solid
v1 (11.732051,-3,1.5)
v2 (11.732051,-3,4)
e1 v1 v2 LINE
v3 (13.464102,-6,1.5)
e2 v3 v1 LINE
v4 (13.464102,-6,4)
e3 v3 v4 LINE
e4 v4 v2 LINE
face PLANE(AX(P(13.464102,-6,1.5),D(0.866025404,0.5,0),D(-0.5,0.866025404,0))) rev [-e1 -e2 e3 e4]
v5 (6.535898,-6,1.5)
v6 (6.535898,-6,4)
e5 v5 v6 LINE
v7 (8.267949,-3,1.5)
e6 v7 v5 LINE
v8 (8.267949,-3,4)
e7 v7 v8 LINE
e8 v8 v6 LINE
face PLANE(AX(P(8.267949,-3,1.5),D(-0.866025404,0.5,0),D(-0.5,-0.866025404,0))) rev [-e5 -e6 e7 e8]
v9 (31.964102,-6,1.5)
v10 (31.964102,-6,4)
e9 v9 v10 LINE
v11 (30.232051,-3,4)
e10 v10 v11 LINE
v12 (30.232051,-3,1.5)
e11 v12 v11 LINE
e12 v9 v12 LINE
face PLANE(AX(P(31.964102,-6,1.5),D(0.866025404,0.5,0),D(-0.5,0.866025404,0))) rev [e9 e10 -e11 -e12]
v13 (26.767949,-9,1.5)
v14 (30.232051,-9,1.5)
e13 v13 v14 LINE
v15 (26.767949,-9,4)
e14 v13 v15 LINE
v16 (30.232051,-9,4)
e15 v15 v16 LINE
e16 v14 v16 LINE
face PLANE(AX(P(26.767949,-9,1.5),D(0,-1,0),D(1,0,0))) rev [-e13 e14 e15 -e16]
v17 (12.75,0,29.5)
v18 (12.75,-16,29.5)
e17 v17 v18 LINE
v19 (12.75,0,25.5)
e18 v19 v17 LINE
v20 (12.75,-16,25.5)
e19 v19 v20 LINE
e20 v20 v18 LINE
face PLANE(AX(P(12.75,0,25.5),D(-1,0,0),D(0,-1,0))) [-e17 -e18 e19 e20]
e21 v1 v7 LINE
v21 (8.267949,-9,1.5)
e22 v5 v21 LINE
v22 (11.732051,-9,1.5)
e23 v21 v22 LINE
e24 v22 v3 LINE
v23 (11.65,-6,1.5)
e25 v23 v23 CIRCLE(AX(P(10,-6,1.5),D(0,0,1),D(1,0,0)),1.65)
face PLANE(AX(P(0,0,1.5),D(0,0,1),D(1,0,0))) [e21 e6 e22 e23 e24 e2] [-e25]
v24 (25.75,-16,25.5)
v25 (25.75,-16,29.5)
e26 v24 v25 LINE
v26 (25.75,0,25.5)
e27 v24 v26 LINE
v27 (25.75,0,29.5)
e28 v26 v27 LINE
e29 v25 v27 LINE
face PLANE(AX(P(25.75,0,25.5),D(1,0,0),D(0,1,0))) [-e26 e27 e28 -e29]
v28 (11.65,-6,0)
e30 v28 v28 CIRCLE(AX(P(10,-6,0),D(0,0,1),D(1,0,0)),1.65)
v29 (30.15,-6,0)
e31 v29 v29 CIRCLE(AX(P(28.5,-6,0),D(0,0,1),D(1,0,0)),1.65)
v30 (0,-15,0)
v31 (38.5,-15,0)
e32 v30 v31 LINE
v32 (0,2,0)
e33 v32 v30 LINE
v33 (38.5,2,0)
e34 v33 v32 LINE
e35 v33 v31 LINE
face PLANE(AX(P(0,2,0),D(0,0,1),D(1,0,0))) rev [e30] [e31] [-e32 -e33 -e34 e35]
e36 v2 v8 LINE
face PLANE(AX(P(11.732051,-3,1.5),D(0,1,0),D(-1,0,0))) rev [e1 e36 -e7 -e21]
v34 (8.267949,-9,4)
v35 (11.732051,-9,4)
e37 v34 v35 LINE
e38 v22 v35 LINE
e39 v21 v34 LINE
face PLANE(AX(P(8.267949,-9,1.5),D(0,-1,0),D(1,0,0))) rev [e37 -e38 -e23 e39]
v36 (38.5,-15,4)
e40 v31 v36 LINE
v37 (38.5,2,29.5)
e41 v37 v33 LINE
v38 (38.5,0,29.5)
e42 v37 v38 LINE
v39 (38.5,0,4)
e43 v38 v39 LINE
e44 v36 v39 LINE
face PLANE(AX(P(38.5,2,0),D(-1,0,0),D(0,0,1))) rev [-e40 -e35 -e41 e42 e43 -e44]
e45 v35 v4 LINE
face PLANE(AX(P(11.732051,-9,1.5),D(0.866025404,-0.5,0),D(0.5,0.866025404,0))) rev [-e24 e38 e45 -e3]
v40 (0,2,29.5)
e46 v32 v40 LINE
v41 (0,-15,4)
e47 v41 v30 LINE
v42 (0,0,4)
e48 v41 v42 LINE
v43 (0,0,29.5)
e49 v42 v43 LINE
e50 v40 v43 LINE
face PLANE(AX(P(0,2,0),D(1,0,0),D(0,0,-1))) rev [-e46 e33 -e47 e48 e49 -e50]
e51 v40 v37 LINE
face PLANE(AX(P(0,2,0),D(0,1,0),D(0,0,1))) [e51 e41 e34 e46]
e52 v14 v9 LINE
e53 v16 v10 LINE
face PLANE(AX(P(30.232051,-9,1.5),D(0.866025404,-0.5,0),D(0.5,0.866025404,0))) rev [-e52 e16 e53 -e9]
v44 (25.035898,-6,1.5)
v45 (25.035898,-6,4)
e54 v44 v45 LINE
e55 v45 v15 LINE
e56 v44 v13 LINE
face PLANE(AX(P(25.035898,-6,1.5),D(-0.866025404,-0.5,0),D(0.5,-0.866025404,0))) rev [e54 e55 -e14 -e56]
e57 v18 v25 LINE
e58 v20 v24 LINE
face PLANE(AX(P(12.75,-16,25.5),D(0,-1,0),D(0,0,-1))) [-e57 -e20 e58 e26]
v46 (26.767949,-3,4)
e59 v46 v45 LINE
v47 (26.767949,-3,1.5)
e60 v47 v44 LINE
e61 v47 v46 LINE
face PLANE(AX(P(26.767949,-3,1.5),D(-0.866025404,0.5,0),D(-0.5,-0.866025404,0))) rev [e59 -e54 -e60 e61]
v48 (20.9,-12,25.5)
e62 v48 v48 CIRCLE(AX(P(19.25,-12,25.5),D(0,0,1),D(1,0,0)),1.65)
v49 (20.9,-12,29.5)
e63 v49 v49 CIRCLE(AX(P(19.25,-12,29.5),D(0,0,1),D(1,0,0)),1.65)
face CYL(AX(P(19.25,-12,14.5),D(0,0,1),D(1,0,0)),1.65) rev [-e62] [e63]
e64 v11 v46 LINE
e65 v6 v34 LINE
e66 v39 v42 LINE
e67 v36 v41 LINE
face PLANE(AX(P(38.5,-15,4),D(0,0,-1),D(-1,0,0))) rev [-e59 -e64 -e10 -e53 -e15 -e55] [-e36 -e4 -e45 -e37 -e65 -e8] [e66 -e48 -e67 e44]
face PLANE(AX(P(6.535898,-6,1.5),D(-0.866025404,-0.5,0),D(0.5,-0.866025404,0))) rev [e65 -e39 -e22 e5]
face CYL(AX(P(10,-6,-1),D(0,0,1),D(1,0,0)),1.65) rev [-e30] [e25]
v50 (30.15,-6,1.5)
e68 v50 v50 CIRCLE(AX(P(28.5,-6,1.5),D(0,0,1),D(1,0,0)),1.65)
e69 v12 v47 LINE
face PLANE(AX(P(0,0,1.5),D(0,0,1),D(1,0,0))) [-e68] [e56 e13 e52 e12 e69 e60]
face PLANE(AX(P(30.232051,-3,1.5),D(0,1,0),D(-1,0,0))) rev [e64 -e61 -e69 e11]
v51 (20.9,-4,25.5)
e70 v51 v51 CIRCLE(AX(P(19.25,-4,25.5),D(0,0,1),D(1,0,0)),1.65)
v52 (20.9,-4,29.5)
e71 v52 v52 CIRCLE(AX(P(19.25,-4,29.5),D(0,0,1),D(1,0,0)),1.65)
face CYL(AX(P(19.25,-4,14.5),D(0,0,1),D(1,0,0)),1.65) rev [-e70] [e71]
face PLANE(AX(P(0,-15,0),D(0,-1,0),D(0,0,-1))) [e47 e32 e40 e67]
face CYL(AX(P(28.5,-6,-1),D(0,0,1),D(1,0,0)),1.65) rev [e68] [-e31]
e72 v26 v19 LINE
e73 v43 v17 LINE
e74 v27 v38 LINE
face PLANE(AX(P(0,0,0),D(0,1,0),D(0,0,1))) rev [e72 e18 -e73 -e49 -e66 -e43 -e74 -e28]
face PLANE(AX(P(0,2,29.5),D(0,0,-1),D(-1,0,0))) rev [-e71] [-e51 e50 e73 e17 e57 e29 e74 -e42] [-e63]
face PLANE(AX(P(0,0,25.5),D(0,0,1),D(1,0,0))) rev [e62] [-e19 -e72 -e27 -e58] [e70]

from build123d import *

# Parameters (mm, degrees)
SKETCH1_W           = 38.5
SKETCH1_H           = 29.5
BOSS_EXTRUDE1_DEPTH = 2
SKETCH2_W           = 13
SKETCH2_H           = 16
BOSS_EXTRUDE2_DEPTH = 4
SKETCH3_W           = 38.5
SKETCH3_H           = 4
BOSS_EXTRUDE3_DEPTH = 15
SKETCH4_R           = 1.65
CUT_EXTRUDE1_DEPTH  = 15
CUT_EXTRUDE2_DEPTH  = 2.5
SKETCH6_R           = 1.65
CUT_EXTRUDE3_DEPTH  = 2.5


with BuildPart() as part:
    # Sketch1 → Boss-Extrude1 (new body)
    with BuildSketch(Plane(origin=(0, 0, 0), x_dir=(1, 0, 0), z_dir=(0, 1, 0))):
        with Locations((19.25, -14.75)):
            Rectangle(SKETCH1_W, SKETCH1_H)
    extrude(amount=BOSS_EXTRUDE1_DEPTH)

    # Sketch2 → Boss-Extrude2 (add)
    with BuildSketch(Plane.XY.offset(29.5)):
        with Locations((19.25, -8)):
            Rectangle(SKETCH2_W, SKETCH2_H)
    extrude(amount=-BOSS_EXTRUDE2_DEPTH)

    # Sketch3 → Boss-Extrude3 (add)
    with BuildSketch(Plane.XZ):
        with Locations((19.25, 2)):
            Rectangle(SKETCH3_W, SKETCH3_H)
    extrude(amount=BOSS_EXTRUDE3_DEPTH)

    # Sketch4 → Cut-Extrude1 (cut)
    with BuildSketch(Plane.XY.offset(29.5)):
        with Locations((19.25, -4)):
            Circle(SKETCH4_R)
        with Locations((19.25, -12)):
            Circle(SKETCH4_R)
    extrude(amount=-CUT_EXTRUDE1_DEPTH, mode=Mode.SUBTRACT)

    # Sketch5 → Cut-Extrude2 (cut)
    with BuildSketch(Plane.XY.offset(4)):
        Polygon((11.732050808, -9), (13.464101615, -6), (11.732050808, -3), (8.267949192, -3), (6.535898385, -6), (8.267949192, -9), align=None)
        Polygon((30.232050808, -9), (31.964101615, -6), (30.232050808, -3), (26.767949192, -3), (25.035898385, -6), (26.767949192, -9), align=None)
    extrude(amount=-CUT_EXTRUDE2_DEPTH, mode=Mode.SUBTRACT)

    # Sketch6 → Cut-Extrude3 (cut)
    with BuildSketch(Plane.XY.offset(1.5)):
        with Locations((10, -6)):
            Circle(SKETCH6_R)
        with Locations((28.5, -6)):
            Circle(SKETCH6_R)
    extrude(amount=-CUT_EXTRUDE3_DEPTH, mode=Mode.SUBTRACT)


solid = part.part
